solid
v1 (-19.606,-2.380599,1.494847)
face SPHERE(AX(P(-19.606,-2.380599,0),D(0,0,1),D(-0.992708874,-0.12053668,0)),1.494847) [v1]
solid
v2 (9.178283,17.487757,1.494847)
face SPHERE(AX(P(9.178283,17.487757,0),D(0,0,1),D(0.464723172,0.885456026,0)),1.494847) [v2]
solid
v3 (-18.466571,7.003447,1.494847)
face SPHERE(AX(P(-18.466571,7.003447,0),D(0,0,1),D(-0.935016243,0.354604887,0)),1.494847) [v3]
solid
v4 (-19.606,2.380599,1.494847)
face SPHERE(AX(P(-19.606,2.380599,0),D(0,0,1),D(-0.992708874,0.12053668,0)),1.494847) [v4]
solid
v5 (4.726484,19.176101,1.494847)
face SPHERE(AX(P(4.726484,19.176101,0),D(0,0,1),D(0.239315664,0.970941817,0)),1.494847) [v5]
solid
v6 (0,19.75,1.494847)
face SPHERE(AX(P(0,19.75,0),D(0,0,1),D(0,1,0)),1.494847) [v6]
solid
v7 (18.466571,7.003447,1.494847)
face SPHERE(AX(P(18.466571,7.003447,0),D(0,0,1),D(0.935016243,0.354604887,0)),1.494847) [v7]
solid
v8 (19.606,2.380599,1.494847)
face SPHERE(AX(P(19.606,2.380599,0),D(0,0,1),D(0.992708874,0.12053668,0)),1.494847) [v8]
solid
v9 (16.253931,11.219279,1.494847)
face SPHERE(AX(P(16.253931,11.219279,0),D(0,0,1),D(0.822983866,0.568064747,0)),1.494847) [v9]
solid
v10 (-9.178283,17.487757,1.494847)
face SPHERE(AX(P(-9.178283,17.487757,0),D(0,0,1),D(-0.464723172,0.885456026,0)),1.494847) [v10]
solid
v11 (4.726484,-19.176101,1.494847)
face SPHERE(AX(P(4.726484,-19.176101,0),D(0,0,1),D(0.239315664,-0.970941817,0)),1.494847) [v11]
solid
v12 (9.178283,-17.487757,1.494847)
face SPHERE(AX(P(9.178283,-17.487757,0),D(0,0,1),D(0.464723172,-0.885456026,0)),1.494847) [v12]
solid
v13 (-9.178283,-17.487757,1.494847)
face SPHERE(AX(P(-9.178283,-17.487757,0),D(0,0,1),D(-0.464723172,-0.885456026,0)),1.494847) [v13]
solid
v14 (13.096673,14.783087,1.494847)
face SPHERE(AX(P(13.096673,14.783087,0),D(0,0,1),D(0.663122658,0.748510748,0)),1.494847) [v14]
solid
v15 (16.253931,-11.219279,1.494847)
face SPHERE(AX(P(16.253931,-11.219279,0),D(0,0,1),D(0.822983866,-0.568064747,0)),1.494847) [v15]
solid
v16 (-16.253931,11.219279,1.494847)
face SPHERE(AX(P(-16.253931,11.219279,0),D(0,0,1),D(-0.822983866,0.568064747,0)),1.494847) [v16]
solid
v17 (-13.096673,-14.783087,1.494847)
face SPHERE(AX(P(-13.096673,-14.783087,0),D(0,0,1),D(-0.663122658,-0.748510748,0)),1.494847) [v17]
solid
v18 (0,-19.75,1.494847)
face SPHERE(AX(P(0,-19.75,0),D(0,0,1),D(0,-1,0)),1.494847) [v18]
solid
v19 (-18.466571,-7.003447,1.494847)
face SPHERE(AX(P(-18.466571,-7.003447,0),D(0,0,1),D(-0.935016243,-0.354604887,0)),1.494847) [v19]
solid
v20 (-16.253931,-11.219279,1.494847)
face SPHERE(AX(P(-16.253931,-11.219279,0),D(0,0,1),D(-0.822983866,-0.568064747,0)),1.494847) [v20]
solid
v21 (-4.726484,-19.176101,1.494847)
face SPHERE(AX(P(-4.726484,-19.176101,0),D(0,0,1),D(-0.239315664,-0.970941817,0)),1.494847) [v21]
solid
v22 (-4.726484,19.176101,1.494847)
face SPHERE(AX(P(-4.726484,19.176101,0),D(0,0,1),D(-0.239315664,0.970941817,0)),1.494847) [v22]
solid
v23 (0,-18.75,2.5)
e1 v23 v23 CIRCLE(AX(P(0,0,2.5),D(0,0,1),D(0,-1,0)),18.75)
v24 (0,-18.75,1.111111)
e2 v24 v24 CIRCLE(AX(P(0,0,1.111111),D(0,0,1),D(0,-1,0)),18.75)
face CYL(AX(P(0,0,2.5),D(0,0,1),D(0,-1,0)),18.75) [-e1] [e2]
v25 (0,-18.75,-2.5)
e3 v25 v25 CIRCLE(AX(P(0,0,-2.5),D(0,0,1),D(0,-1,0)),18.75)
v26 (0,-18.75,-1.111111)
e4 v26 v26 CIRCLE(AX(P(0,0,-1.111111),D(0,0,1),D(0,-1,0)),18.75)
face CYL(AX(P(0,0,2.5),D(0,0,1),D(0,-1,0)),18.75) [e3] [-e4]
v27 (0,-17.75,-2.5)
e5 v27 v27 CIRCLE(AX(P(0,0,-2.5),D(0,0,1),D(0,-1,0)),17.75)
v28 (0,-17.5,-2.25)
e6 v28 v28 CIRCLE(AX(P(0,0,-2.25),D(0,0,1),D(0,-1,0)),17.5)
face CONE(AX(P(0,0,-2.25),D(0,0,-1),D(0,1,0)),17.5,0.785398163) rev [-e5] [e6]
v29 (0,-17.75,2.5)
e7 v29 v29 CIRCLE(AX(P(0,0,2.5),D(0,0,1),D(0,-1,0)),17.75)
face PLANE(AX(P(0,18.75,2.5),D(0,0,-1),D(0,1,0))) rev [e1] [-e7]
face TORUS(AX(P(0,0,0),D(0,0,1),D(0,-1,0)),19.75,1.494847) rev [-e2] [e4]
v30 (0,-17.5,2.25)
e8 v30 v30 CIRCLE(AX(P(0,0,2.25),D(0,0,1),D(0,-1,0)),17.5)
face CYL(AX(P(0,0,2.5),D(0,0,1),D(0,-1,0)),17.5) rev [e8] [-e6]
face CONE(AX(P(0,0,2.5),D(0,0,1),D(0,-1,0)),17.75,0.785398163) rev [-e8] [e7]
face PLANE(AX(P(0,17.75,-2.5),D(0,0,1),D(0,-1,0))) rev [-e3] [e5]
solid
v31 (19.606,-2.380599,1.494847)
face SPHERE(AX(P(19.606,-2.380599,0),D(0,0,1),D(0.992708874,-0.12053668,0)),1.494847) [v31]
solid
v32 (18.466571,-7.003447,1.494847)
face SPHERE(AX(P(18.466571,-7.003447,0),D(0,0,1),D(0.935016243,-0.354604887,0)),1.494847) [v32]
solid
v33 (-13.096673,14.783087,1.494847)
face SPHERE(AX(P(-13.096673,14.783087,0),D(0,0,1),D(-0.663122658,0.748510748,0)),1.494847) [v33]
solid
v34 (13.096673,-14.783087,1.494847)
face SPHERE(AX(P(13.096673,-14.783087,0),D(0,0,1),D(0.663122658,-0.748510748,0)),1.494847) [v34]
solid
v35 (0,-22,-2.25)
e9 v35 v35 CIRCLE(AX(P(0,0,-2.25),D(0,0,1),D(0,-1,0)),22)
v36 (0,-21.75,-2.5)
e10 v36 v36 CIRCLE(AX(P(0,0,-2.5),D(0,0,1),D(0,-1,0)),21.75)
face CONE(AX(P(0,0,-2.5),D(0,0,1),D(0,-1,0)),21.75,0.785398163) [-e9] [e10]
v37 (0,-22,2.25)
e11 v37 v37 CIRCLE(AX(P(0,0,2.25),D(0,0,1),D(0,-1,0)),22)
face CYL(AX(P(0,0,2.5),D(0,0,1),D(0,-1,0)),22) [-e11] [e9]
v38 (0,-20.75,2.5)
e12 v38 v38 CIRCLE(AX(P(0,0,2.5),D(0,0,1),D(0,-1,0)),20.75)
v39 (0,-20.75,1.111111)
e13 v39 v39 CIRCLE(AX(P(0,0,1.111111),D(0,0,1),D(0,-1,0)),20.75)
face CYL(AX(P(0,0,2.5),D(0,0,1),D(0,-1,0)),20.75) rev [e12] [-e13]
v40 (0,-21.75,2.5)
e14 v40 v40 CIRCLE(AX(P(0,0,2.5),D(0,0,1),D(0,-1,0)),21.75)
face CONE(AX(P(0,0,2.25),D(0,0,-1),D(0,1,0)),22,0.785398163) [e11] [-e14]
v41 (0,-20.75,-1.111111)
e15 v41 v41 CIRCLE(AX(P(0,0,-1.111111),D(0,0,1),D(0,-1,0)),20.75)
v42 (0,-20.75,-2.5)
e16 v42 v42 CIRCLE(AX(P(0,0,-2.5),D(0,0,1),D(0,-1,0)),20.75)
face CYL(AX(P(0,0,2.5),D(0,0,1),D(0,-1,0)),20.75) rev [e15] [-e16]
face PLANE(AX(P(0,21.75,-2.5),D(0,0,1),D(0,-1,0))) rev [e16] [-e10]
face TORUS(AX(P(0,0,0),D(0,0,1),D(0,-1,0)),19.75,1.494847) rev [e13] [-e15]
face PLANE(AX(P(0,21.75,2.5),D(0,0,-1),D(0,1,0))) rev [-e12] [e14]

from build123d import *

# Parameters (mm, degrees)
CIRPATTERN1_COUNT = 26


with BuildPart() as part:
    # Sketch6 → Revolve5 (revolve)
    with BuildSketch(Plane(origin=(0, 0, 0), x_dir=(0, 0, -1), z_dir=(1, 0, 0)), mode=Mode.PRIVATE) as revolve5_sk:
        with BuildLine():
            Line((2.25, 22), (2.5, 21.75))
            Line((2.5, 21.75), (2.5, 20.75))
            Line((2.5, 20.75), (1.111111111, 20.75))
            ThreePointArc((1.111111111, 20.75), (0, 21.244847116), (-1.111111111, 20.75))
            Line((-1.111111111, 20.75), (-2.5, 20.75))
            Line((-2.5, 20.75), (-2.5, 21.75))
            Line((-2.5, 21.75), (-2.25, 22))
            Line((-2.25, 22), (2.25, 22))
        make_face()
    revolve(revolve5_sk.sketch.rotate(Axis((0, 0, 2.5), (0, 0, -1)), 180), axis=Axis((0, 0, 2.5), (0, 0, -1)))


with BuildPart() as body_2:
    # Sketch3 → Revolve3 (revolve)
    with BuildSketch(Plane(origin=(0, 0, 0), x_dir=(0, 0, -1), z_dir=(1, 0, 0)), mode=Mode.PRIVATE) as revolve3_sk:
        with BuildLine():
            Line((-2.5, 18.75), (-1.111111111, 18.75))
            ThreePointArc((-1.111111111, 18.75), (0, 18.255152884), (1.111111111, 18.75))
            Line((1.111111111, 18.75), (2.5, 18.75))
            Line((2.5, 18.75), (2.5, 17.75))
            Line((2.5, 17.75), (2.25, 17.5))
            Line((2.25, 17.5), (-2.25, 17.5))
            Line((-2.25, 17.5), (-2.5, 17.75))
            Line((-2.5, 17.75), (-2.5, 18.75))
        make_face()
    revolve(revolve3_sk.sketch.rotate(Axis((0, 0, 2.5), (0, 0, -1)), 180), axis=Axis((0, 0, 2.5), (0, 0, -1)))


with BuildPart() as body_3:
    # Sketch4 → Revolve4 (revolve)
    with BuildSketch(Plane(origin=(0, 0, 0), x_dir=(0, 0, -1), z_dir=(1, 0, 0))):
        with BuildLine():
            Line((-1.494847116, 19.75), (1.494847116, 19.75))
            ThreePointArc((1.494847116, 19.75), (0, 21.244847116), (-1.494847116, 19.75))
        make_face()
    revolve(axis=Axis((0, 19.75, 1.494847116), (0, 0, -1)))


with BuildPart() as cirpattern1_1:
    # CirPattern1: pattern copy
    add(body_3.part.rotate(Axis((0, 0, 0), (0, 0, 1)), 1 * 360 / CIRPATTERN1_COUNT))


with BuildPart() as cirpattern1_2:
    # CirPattern1: pattern copy
    add(body_3.part.rotate(Axis((0, 0, 0), (0, 0, 1)), 2 * 360 / CIRPATTERN1_COUNT))


with BuildPart() as cirpattern1_3:
    # CirPattern1: pattern copy
    add(body_3.part.rotate(Axis((0, 0, 0), (0, 0, 1)), 3 * 360 / CIRPATTERN1_COUNT))


with BuildPart() as cirpattern1_4:
    # CirPattern1: pattern copy
    add(body_3.part.rotate(Axis((0, 0, 0), (0, 0, 1)), 4 * 360 / CIRPATTERN1_COUNT))


with BuildPart() as cirpattern1_5:
    # CirPattern1: pattern copy
    add(body_3.part.rotate(Axis((0, 0, 0), (0, 0, 1)), 5 * 360 / CIRPATTERN1_COUNT))


with BuildPart() as cirpattern1_6:
    # CirPattern1: pattern copy
    add(body_3.part.rotate(Axis((0, 0, 0), (0, 0, 1)), 6 * 360 / CIRPATTERN1_COUNT))


with BuildPart() as cirpattern1_7:
    # CirPattern1: pattern copy
    add(body_3.part.rotate(Axis((0, 0, 0), (0, 0, 1)), 7 * 360 / CIRPATTERN1_COUNT))


with BuildPart() as cirpattern1_8:
    # CirPattern1: pattern copy
    add(body_3.part.rotate(Axis((0, 0, 0), (0, 0, 1)), 8 * 360 / CIRPATTERN1_COUNT))


with BuildPart() as cirpattern1_9:
    # CirPattern1: pattern copy
    add(body_3.part.rotate(Axis((0, 0, 0), (0, 0, 1)), 9 * 360 / CIRPATTERN1_COUNT))


with BuildPart() as cirpattern1_10:
    # CirPattern1: pattern copy
    add(body_3.part.rotate(Axis((0, 0, 0), (0, 0, 1)), 10 * 360 / CIRPATTERN1_COUNT))


with BuildPart() as cirpattern1_11:
    # CirPattern1: pattern copy
    add(body_3.part.rotate(Axis((0, 0, 0), (0, 0, 1)), 11 * 360 / CIRPATTERN1_COUNT))


with BuildPart() as cirpattern1_12:
    # CirPattern1: pattern copy
    add(body_3.part.rotate(Axis((0, 0, 0), (0, 0, 1)), 12 * 360 / CIRPATTERN1_COUNT))


with BuildPart() as cirpattern1_13:
    # CirPattern1: pattern copy
    add(body_3.part.rotate(Axis((0, 0, 0), (0, 0, 1)), 13 * 360 / CIRPATTERN1_COUNT))


with BuildPart() as cirpattern1_14:
    # CirPattern1: pattern copy
    add(body_3.part.rotate(Axis((0, 0, 0), (0, 0, 1)), 14 * 360 / CIRPATTERN1_COUNT))


with BuildPart() as cirpattern1_15:
    # CirPattern1: pattern copy
    add(body_3.part.rotate(Axis((0, 0, 0), (0, 0, 1)), 15 * 360 / CIRPATTERN1_COUNT))


with BuildPart() as cirpattern1_16:
    # CirPattern1: pattern copy
    add(body_3.part.rotate(Axis((0, 0, 0), (0, 0, 1)), 16 * 360 / CIRPATTERN1_COUNT))


with BuildPart() as cirpattern1_17:
    # CirPattern1: pattern copy
    add(body_3.part.rotate(Axis((0, 0, 0), (0, 0, 1)), 17 * 360 / CIRPATTERN1_COUNT))


with BuildPart() as cirpattern1_18:
    # CirPattern1: pattern copy
    add(body_3.part.rotate(Axis((0, 0, 0), (0, 0, 1)), 18 * 360 / CIRPATTERN1_COUNT))


with BuildPart() as cirpattern1_19:
    # CirPattern1: pattern copy
    add(body_3.part.rotate(Axis((0, 0, 0), (0, 0, 1)), 19 * 360 / CIRPATTERN1_COUNT))


with BuildPart() as cirpattern1_20:
    # CirPattern1: pattern copy
    add(body_3.part.rotate(Axis((0, 0, 0), (0, 0, 1)), 20 * 360 / CIRPATTERN1_COUNT))


with BuildPart() as cirpattern1_21:
    # CirPattern1: pattern copy
    add(body_3.part.rotate(Axis((0, 0, 0), (0, 0, 1)), 21 * 360 / CIRPATTERN1_COUNT))


with BuildPart() as cirpattern1_22:
    # CirPattern1: pattern copy
    add(body_3.part.rotate(Axis((0, 0, 0), (0, 0, 1)), 22 * 360 / CIRPATTERN1_COUNT))


with BuildPart() as cirpattern1_23:
    # CirPattern1: pattern copy
    add(body_3.part.rotate(Axis((0, 0, 0), (0, 0, 1)), 23 * 360 / CIRPATTERN1_COUNT))


with BuildPart() as cirpattern1_24:
    # CirPattern1: pattern copy
    add(body_3.part.rotate(Axis((0, 0, 0), (0, 0, 1)), 24 * 360 / CIRPATTERN1_COUNT))


with BuildPart() as cirpattern1_25:
    # CirPattern1: pattern copy
    add(body_3.part.rotate(Axis((0, 0, 0), (0, 0, 1)), 25 * 360 / CIRPATTERN1_COUNT))


solid = Compound([part.part, body_2.part, body_3.part, cirpattern1_1.part, cirpattern1_2.part, cirpattern1_3.part, cirpattern1_4.part, cirpattern1_5.part, cirpattern1_6.part, cirpattern1_7.part, cirpattern1_8.part, cirpattern1_9.part, cirpattern1_10.part, cirpattern1_11.part, cirpattern1_12.part, cirpattern1_13.part, cirpattern1_14.part, cirpattern1_15.part, cirpattern1_16.part, cirpattern1_17.part, cirpattern1_18.part, cirpattern1_19.part, cirpattern1_20.part, cirpattern1_21.part, cirpattern1_22.part, cirpattern1_23.part, cirpattern1_24.part, cirpattern1_25.part])
